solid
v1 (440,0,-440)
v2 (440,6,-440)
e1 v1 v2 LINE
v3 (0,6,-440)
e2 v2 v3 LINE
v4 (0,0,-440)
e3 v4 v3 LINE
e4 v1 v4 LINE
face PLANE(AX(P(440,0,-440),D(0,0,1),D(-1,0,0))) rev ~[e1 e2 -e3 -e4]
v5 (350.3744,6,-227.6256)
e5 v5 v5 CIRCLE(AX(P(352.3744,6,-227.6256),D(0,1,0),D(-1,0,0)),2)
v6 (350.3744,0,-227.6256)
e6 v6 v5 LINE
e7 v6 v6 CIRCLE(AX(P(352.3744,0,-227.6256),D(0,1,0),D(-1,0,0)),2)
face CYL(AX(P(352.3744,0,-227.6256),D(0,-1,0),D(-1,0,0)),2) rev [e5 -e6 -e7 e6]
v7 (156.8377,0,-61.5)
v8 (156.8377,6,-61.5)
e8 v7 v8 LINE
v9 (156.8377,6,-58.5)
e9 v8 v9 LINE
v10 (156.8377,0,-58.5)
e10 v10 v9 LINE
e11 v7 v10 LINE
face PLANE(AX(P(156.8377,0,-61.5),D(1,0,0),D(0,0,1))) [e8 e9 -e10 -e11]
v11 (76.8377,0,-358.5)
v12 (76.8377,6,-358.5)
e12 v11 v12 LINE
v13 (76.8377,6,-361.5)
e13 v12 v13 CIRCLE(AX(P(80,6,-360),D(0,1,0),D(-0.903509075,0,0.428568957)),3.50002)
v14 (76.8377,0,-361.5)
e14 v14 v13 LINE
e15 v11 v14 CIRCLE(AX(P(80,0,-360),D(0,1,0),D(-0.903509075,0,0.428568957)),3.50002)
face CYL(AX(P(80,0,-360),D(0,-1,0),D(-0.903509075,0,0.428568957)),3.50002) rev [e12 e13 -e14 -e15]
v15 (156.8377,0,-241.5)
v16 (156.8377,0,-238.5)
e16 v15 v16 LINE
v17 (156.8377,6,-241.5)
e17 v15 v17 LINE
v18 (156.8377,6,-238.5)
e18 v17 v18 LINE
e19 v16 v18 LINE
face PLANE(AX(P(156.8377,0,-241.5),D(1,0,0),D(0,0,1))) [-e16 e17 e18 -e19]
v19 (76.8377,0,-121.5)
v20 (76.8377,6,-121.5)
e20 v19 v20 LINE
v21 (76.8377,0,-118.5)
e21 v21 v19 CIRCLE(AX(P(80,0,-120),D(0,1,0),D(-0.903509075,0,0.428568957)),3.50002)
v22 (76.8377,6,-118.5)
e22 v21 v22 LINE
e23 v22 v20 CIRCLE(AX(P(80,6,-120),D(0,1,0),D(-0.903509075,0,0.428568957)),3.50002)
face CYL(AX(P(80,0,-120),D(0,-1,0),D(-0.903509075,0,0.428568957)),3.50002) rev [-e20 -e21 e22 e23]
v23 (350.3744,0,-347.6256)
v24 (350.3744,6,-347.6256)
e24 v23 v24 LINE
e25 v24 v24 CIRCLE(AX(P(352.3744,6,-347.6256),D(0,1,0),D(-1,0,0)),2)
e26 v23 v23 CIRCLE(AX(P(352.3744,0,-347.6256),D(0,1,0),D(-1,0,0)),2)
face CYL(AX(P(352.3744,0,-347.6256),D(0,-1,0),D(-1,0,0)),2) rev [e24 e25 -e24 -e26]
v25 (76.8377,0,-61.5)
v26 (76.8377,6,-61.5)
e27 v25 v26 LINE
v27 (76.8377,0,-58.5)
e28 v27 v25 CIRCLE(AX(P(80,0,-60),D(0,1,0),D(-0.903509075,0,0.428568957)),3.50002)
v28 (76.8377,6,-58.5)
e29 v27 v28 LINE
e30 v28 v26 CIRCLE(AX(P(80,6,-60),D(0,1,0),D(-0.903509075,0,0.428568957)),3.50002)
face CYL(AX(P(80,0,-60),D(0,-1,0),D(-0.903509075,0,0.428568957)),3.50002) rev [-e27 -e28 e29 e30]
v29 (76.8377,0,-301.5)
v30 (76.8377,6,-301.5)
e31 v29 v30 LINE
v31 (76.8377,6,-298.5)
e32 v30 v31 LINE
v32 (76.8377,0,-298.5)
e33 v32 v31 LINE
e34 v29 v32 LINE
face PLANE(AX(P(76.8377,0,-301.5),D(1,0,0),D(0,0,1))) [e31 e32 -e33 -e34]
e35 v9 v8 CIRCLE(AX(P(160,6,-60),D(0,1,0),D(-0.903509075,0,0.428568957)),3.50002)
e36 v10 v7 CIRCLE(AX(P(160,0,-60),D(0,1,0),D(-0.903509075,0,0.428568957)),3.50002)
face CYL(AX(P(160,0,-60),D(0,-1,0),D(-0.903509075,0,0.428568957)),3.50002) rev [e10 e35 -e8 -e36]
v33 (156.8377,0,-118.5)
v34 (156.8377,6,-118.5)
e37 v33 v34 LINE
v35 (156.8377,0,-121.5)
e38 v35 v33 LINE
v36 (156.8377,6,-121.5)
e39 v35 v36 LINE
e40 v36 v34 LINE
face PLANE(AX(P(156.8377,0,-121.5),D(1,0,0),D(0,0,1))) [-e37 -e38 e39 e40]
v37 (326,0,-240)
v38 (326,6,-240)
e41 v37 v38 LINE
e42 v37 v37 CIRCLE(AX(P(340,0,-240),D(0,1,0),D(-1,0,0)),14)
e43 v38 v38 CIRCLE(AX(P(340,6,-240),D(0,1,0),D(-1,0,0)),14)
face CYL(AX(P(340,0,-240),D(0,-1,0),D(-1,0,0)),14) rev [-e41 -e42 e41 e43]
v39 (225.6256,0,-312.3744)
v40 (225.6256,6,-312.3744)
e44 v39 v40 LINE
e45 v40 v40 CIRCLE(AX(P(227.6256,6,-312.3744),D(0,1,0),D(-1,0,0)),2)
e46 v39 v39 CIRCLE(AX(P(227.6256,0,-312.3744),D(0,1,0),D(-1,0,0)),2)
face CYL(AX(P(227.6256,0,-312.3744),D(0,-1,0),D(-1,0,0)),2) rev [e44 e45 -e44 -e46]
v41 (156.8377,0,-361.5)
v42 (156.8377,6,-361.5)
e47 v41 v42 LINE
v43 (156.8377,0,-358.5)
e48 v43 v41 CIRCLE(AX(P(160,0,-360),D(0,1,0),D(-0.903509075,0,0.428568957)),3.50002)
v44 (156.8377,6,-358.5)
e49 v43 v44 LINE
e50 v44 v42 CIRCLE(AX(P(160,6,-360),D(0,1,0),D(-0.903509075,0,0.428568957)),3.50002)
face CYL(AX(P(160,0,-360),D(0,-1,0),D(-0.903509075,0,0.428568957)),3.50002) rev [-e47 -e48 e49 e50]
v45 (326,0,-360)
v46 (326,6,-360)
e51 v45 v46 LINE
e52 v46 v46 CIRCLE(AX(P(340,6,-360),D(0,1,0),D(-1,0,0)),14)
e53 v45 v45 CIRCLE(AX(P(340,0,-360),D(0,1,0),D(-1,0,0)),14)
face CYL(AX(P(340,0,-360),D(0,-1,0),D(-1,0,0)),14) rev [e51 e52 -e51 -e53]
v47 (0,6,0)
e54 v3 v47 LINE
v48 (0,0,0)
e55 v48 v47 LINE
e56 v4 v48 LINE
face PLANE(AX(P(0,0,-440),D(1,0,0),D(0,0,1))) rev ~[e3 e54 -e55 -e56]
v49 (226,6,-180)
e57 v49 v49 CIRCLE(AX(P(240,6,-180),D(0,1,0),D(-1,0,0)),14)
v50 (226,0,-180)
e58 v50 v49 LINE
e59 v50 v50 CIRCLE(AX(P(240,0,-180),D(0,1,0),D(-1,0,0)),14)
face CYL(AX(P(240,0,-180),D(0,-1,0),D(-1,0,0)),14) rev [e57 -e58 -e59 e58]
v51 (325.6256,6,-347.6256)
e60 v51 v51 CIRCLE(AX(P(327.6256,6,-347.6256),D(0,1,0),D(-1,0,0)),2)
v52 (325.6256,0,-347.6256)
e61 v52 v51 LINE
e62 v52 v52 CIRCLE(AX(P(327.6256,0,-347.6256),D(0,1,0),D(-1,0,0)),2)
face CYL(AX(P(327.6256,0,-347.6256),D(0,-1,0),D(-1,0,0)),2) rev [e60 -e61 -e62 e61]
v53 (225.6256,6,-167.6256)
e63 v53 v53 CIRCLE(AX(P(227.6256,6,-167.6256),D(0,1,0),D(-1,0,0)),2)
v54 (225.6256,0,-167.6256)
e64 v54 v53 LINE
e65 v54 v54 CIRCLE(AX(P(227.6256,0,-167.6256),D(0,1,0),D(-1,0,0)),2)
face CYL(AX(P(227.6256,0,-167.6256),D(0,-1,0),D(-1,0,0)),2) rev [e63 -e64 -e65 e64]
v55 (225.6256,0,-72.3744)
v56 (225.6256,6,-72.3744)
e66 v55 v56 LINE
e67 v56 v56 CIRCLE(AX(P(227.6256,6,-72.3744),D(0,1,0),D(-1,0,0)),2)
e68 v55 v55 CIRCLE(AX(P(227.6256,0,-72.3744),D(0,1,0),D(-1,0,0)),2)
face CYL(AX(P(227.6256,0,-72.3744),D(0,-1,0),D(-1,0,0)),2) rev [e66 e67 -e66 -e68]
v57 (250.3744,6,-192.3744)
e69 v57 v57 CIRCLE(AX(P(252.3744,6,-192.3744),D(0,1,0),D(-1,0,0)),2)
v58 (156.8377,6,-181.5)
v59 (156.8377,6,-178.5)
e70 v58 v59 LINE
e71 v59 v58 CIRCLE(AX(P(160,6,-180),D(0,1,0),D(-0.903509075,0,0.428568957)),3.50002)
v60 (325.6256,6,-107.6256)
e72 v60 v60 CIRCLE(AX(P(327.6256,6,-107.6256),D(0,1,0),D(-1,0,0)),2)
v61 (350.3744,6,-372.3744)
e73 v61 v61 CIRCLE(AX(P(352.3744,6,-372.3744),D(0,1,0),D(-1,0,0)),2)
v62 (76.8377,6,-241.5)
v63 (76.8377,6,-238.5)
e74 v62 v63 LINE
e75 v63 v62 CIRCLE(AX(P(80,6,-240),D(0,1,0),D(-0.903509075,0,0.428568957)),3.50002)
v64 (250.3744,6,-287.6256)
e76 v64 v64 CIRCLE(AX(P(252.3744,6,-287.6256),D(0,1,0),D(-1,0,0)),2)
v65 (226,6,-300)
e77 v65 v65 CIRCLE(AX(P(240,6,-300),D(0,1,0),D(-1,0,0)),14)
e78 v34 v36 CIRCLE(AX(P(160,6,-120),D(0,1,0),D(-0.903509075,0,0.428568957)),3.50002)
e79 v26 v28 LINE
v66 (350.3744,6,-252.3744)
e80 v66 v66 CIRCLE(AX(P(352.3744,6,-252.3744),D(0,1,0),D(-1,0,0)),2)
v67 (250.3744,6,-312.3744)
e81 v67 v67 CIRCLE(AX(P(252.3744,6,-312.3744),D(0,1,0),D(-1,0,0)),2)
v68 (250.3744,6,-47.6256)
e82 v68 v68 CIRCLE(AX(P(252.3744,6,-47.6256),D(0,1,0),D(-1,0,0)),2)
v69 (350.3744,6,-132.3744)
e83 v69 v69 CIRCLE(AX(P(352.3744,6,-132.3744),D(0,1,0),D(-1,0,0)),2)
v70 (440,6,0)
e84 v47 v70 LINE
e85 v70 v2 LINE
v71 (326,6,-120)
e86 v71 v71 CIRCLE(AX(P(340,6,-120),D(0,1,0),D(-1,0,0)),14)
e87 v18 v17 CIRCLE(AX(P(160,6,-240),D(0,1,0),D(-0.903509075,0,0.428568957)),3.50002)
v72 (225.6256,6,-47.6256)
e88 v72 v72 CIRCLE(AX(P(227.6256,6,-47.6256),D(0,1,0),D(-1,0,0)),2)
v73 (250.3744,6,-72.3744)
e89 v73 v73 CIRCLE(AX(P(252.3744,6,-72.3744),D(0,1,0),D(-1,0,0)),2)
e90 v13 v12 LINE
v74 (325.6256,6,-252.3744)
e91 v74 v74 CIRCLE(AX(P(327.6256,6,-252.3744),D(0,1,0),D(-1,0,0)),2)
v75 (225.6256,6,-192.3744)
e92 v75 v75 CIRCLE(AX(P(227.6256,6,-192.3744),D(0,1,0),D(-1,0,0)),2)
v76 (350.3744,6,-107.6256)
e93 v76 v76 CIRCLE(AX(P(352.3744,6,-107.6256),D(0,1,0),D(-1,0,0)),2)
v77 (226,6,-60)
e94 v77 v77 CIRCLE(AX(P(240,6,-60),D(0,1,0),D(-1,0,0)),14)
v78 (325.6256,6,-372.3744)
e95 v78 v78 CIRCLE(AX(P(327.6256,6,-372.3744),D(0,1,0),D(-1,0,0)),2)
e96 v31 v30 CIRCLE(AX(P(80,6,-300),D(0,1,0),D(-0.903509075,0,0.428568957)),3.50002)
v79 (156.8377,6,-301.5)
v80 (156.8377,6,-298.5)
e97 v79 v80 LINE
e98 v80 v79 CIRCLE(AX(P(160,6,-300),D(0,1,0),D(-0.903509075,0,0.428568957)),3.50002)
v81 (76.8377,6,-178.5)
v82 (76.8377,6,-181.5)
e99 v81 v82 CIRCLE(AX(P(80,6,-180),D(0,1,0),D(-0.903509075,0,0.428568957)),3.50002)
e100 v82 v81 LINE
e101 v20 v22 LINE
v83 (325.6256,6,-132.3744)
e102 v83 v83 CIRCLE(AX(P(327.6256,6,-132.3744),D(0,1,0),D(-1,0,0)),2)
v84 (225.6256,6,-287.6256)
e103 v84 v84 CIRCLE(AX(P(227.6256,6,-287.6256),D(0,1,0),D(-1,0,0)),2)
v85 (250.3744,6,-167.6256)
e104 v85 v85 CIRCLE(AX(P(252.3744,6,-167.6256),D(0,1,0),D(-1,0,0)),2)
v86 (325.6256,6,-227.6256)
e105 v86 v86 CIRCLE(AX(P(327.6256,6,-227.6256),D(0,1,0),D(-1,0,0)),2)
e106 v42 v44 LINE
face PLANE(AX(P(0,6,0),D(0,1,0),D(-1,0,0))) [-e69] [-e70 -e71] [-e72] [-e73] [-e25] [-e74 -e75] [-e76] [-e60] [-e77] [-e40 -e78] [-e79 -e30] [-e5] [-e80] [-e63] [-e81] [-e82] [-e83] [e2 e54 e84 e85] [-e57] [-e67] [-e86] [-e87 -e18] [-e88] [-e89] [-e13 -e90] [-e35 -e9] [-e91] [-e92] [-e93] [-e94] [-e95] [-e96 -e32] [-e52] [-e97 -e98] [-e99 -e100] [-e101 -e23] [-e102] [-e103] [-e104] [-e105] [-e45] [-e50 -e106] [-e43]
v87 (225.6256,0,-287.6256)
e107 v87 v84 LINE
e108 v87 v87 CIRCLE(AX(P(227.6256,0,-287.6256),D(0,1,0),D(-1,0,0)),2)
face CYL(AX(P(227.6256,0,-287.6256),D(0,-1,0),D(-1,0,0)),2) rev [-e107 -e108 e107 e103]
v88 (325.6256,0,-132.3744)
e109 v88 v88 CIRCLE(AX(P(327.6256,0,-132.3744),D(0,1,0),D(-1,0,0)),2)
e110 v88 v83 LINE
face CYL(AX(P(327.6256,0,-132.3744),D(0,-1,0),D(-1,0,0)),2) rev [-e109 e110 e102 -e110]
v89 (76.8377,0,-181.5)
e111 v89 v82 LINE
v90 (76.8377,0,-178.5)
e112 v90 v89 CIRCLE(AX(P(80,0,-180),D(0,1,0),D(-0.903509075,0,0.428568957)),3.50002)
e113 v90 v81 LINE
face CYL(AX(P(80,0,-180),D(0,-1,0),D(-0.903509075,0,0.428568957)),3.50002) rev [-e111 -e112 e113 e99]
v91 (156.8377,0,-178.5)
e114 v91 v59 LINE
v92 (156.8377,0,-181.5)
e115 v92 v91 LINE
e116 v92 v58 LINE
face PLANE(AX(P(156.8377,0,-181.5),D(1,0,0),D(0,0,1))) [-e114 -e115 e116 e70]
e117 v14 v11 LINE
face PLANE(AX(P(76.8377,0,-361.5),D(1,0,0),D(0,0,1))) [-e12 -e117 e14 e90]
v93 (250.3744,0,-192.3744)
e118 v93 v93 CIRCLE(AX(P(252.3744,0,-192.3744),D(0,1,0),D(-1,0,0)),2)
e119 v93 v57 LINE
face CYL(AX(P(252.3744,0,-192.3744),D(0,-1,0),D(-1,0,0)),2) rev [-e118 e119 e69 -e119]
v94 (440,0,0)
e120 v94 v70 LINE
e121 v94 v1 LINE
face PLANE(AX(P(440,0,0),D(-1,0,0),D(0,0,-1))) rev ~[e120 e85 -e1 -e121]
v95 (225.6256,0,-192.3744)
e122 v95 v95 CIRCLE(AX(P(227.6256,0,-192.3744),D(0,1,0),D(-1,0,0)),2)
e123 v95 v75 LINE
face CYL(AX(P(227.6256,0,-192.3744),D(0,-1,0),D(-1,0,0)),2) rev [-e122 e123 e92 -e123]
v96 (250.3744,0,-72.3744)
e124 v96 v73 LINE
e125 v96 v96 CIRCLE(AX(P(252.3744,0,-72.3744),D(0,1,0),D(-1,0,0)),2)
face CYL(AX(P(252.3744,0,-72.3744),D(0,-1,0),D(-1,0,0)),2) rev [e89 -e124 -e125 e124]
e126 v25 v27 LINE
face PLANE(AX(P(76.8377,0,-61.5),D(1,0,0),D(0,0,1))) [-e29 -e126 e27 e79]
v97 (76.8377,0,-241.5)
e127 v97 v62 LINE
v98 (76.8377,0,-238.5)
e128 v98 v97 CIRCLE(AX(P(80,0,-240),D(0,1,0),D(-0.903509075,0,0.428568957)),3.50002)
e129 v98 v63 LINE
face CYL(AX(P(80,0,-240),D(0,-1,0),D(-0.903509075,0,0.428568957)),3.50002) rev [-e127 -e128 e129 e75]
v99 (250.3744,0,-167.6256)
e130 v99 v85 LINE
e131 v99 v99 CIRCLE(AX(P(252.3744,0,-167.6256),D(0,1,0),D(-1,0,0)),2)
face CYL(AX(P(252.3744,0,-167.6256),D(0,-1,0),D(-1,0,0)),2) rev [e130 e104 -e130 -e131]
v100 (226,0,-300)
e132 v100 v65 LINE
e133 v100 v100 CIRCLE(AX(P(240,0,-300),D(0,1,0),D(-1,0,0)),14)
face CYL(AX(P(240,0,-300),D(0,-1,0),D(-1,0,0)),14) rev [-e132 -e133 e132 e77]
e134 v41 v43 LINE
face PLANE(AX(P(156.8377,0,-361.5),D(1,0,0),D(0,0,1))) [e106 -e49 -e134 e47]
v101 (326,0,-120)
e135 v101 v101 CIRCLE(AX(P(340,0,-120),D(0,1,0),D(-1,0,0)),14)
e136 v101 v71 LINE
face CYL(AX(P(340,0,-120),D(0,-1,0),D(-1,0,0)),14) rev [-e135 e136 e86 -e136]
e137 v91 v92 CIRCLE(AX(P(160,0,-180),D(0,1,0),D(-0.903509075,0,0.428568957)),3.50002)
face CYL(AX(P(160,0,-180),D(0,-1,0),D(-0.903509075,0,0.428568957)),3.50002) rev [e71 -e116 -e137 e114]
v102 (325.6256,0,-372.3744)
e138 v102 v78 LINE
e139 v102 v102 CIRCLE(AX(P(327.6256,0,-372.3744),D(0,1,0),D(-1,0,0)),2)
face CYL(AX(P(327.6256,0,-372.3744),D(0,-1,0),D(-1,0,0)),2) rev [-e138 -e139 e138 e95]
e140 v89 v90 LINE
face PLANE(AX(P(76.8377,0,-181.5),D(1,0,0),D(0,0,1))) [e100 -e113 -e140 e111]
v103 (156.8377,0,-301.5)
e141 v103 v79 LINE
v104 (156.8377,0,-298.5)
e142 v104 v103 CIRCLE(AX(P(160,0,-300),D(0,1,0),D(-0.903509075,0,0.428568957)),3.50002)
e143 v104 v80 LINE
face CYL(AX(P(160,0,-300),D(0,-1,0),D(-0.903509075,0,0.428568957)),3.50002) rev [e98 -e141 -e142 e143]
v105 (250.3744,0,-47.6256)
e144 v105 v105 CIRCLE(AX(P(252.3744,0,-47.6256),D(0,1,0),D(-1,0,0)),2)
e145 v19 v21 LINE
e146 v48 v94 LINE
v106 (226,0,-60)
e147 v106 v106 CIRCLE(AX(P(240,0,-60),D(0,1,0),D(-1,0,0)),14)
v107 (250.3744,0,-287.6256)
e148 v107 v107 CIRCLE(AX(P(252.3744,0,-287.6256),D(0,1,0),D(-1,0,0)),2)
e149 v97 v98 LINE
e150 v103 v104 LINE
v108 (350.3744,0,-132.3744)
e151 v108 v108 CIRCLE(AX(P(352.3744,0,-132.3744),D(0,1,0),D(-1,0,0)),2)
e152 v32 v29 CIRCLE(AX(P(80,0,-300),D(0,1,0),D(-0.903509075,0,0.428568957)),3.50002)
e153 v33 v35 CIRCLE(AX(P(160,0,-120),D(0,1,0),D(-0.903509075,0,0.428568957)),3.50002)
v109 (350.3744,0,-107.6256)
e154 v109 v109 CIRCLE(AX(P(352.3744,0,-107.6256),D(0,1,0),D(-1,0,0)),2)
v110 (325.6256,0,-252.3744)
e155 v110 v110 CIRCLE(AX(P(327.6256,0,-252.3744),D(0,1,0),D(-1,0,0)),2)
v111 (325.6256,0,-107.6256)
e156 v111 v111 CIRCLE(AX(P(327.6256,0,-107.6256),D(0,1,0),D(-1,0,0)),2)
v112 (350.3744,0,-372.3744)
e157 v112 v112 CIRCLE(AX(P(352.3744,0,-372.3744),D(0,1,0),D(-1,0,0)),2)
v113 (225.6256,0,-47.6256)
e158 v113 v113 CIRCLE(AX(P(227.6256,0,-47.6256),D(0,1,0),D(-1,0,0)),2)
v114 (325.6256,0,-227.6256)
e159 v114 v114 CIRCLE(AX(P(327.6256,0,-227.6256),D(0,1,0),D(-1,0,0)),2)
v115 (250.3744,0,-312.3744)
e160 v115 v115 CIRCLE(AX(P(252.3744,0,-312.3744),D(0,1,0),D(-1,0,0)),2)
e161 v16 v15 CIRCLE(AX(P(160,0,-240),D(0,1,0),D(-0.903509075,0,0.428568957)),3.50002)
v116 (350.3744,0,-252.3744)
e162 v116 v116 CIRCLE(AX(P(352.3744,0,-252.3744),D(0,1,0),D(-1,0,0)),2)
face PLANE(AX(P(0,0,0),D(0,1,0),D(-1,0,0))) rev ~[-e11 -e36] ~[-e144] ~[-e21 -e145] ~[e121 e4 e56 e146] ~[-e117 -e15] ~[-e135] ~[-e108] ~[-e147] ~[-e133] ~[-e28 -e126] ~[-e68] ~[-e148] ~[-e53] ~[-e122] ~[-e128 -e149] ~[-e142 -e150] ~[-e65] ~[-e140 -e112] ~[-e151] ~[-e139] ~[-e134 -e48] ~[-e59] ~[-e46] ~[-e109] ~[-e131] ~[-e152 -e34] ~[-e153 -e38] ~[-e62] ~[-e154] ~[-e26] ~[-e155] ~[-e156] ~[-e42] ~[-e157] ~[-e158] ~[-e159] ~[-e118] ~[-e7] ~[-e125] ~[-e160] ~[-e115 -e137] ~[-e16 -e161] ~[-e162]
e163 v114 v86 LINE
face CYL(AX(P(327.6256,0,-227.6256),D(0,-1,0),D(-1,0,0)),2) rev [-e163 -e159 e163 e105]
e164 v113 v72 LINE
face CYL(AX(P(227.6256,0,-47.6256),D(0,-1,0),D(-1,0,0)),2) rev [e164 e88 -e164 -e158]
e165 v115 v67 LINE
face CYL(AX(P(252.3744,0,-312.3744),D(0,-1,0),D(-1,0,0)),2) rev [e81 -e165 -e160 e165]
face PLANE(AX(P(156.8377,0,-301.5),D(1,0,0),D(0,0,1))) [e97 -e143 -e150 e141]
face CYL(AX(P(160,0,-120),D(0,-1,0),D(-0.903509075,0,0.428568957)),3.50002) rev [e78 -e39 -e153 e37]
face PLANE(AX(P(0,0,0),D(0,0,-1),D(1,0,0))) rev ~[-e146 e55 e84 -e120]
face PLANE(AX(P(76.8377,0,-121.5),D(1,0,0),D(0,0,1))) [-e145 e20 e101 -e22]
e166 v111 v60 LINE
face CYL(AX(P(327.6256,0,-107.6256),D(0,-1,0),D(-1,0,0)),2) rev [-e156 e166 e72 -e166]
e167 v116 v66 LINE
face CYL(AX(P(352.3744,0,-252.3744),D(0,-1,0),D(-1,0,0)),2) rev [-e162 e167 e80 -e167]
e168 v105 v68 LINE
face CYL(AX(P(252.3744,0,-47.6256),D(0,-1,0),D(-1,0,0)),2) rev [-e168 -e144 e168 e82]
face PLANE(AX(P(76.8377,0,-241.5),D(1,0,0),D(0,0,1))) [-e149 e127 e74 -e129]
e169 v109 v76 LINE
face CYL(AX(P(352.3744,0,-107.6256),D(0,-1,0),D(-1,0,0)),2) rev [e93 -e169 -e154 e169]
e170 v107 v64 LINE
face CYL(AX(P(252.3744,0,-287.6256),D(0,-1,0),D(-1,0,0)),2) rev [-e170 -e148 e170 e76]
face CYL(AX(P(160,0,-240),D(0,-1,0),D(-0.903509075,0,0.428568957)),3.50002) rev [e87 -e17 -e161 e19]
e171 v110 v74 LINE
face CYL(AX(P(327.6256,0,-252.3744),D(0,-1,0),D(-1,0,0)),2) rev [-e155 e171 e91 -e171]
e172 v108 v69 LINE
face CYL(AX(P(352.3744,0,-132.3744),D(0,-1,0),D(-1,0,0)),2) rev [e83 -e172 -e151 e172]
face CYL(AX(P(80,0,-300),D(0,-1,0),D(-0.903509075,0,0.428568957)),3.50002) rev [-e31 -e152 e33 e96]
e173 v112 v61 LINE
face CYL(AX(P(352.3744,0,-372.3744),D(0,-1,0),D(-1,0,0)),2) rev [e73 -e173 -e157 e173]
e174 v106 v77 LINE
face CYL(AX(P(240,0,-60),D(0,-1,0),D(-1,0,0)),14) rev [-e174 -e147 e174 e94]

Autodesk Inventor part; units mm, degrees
ref_plane "YZ Plane" through (0, 0, 0) normal (1, 0, 0) x (0, 1, 0)
ref_plane "XZ Plane" through (0, 0, 0) normal (0, 1, 0) x (-1, 0, 0)
ref_plane "XY Plane" through (0, 0, 0) normal (0, 0, 1) x (1, 0, 0)
sketch "Sketch1" plane through (0, 0, 0) normal (0, 1, 0) x (-1, 0, 0)
  line L0 (0, 0) -> (-440, 0)
  line L1 (-440, 0) -> (-440, -440)
  line L2 (-440, -440) -> (0, -440)
  line L3 (0, -440) -> (0, 0)
  line L4 (-76.8377, -361.5) -> (-76.8377, -358.5)
  arc A0 (-76.8377, -358.5) -> (-76.8377, -361.5) centre (-80, -360) ccw
  line L5 (-156.8377, -361.5) -> (-156.8377, -358.5)
  arc A1 (-156.8377, -358.5) -> (-156.8377, -361.5) centre (-160, -360) ccw
  line L6 (-76.8377, -301.5) -> (-76.8377, -298.5)
  arc A2 (-76.8377, -298.5) -> (-76.8377, -301.5) centre (-80, -300) ccw
  line L7 (-156.8377, -301.5) -> (-156.8377, -298.5)
  arc A3 (-156.8377, -298.5) -> (-156.8377, -301.5) centre (-160, -300) ccw
  line L8 (-76.8377, -241.5) -> (-76.8377, -238.5)
  arc A4 (-76.8377, -238.5) -> (-76.8377, -241.5) centre (-80, -240) ccw
  line L9 (-156.8377, -241.5) -> (-156.8377, -238.5)
  arc A5 (-156.8377, -238.5) -> (-156.8377, -241.5) centre (-160, -240) ccw
  line L10 (-76.8377, -181.5) -> (-76.8377, -178.5)
  arc A6 (-76.8377, -178.5) -> (-76.8377, -181.5) centre (-80, -180) ccw
  line L11 (-156.8377, -181.5) -> (-156.8377, -178.5)
  arc A7 (-156.8377, -178.5) -> (-156.8377, -181.5) centre (-160, -180) ccw
  line L12 (-76.8377, -121.5) -> (-76.8377, -118.5)
  arc A8 (-76.8377, -118.5) -> (-76.8377, -121.5) centre (-80, -120) ccw
  line L13 (-156.8377, -121.5) -> (-156.8377, -118.5)
  arc A9 (-156.8377, -118.5) -> (-156.8377, -121.5) centre (-160, -120) ccw
  line L14 (-76.8377, -61.5) -> (-76.8377, -58.5)
  arc A10 (-76.8377, -58.5) -> (-76.8377, -61.5) centre (-80, -60) ccw
  line L15 (-156.8377, -61.5) -> (-156.8377, -58.5)
  arc A11 (-156.8377, -58.5) -> (-156.8377, -61.5) centre (-160, -60) ccw
  circle A12 centre (-340, -360) radius 14
  circle A13 centre (-340, -360) radius 17.5 construction
  line L16 (-340, -360) -> (-390.216, -360) construction
  line L17 (-340, -360) -> (-300.4396, -360) construction
  line L18 (-340, -360) -> (-352.3744, -372.3744) construction
  line L19 (-340, -360) -> (-327.6256, -372.3744) construction
  line L20 (-340, -360) -> (-327.6256, -347.6256) construction
  line L21 (-340, -360) -> (-353.5956, -346.4044) construction
  circle A14 centre (-352.3744, -347.6256) radius 2
  circle A15 centre (-327.6256, -347.6256) radius 2
  circle A16 centre (-327.6256, -372.3744) radius 2
  circle A17 centre (-352.3744, -372.3744) radius 2
  circle A18 centre (-327.6256, -252.3744) radius 2
  circle A19 centre (-352.3744, -252.3744) radius 2
  circle A20 centre (-340, -240) radius 14
  circle A21 centre (-327.6256, -227.6256) radius 2
  circle A22 centre (-352.3744, -227.6256) radius 2
  circle A23 centre (-327.6256, -132.3744) radius 2
  circle A24 centre (-352.3744, -132.3744) radius 2
  circle A25 centre (-340, -120) radius 14
  circle A26 centre (-327.6256, -107.6256) radius 2
  circle A27 centre (-352.3744, -107.6256) radius 2
  circle A28 centre (-240, -300) radius 14
  circle A29 centre (-240, -300) radius 17.5 construction
  line L22 (-240, -300) -> (-290.216, -300) construction
  line L23 (-240, -300) -> (-200.4396, -300) construction
  line L24 (-240, -300) -> (-252.3744, -312.3744) construction
  line L25 (-240, -300) -> (-227.6256, -312.3744) construction
  line L26 (-240, -300) -> (-227.6256, -287.6256) construction
  line L27 (-240, -300) -> (-253.5956, -286.4044) construction
  circle A30 centre (-252.3744, -287.6256) radius 2
  circle A31 centre (-227.6256, -287.6256) radius 2
  circle A32 centre (-227.6256, -312.3744) radius 2
  circle A33 centre (-252.3744, -312.3744) radius 2
  line L28 (-240, -180) -> (-290.216, -180) construction
  circle A34 centre (-252.3744, -192.3744) radius 2
  line L29 (-240, -180) -> (-252.3744, -192.3744) construction
  circle A35 centre (-252.3744, -167.6256) radius 2
  line L30 (-240, -180) -> (-253.5956, -166.4044) construction
  line L31 (-240, -180) -> (-227.6256, -192.3744) construction
  circle A36 centre (-227.6256, -192.3744) radius 2
  line L32 (-240, -180) -> (-227.6256, -167.6256) construction
  circle A37 centre (-240, -180) radius 14
  circle A38 centre (-240, -180) radius 17.5 construction
  circle A39 centre (-227.6256, -167.6256) radius 2
  line L33 (-240, -180) -> (-200.4396, -180) construction
  line L34 (-240, -60) -> (-290.216, -60) construction
  circle A40 centre (-252.3744, -72.3744) radius 2
  line L35 (-240, -60) -> (-252.3744, -72.3744) construction
  circle A41 centre (-252.3744, -47.6256) radius 2
  line L36 (-240, -60) -> (-253.5956, -46.4044) construction
  line L37 (-240, -60) -> (-227.6256, -72.3744) construction
  circle A42 centre (-227.6256, -72.3744) radius 2
  line L38 (-240, -60) -> (-227.6256, -47.6256) construction
  circle A43 centre (-240, -60) radius 14
  circle A44 centre (-240, -60) radius 17.5 construction
  circle A45 centre (-227.6256, -47.6256) radius 2
  line L39 (-240, -60) -> (-200.4396, -60) construction
  dimension "d0" = 440
  dimension "d1" = 440
  dimension "d107" = 3.5
  dimension "d109" = 3
  dimension "d111" = 80
  dimension "d135" = 80
  dimension "d138" = 80
  dimension "d141" = 60
  dimension "d163" = 28
  dimension "d164" = 35
  dimension "d166" = 45
  dimension "d167" = 45
  dimension "d169" = 45
  dimension "d170" = 45
  dimension "d171" = 4
  dimension "d172" = 4
  dimension "d173" = 4
  dimension "d174" = 80
  dimension "d176" = 4
  dimension "d179" = 120
  dimension "d184" = 28
  dimension "d185" = 35
  dimension "d186" = 45
  dimension "d187" = 45
  dimension "d188" = 45
  dimension "d189" = 45
  dimension "d190" = 4
  dimension "d191" = 4
  dimension "d192" = 4
  dimension "d193" = 4
  dimension "d194" = 200
  dimension "d195" = 140
  dimension "d198" = 120
  dimension "d205" = 100
extrude "Extrusion5" add sketch "Sketch1" along normal blind 6
properties part number "panel"
